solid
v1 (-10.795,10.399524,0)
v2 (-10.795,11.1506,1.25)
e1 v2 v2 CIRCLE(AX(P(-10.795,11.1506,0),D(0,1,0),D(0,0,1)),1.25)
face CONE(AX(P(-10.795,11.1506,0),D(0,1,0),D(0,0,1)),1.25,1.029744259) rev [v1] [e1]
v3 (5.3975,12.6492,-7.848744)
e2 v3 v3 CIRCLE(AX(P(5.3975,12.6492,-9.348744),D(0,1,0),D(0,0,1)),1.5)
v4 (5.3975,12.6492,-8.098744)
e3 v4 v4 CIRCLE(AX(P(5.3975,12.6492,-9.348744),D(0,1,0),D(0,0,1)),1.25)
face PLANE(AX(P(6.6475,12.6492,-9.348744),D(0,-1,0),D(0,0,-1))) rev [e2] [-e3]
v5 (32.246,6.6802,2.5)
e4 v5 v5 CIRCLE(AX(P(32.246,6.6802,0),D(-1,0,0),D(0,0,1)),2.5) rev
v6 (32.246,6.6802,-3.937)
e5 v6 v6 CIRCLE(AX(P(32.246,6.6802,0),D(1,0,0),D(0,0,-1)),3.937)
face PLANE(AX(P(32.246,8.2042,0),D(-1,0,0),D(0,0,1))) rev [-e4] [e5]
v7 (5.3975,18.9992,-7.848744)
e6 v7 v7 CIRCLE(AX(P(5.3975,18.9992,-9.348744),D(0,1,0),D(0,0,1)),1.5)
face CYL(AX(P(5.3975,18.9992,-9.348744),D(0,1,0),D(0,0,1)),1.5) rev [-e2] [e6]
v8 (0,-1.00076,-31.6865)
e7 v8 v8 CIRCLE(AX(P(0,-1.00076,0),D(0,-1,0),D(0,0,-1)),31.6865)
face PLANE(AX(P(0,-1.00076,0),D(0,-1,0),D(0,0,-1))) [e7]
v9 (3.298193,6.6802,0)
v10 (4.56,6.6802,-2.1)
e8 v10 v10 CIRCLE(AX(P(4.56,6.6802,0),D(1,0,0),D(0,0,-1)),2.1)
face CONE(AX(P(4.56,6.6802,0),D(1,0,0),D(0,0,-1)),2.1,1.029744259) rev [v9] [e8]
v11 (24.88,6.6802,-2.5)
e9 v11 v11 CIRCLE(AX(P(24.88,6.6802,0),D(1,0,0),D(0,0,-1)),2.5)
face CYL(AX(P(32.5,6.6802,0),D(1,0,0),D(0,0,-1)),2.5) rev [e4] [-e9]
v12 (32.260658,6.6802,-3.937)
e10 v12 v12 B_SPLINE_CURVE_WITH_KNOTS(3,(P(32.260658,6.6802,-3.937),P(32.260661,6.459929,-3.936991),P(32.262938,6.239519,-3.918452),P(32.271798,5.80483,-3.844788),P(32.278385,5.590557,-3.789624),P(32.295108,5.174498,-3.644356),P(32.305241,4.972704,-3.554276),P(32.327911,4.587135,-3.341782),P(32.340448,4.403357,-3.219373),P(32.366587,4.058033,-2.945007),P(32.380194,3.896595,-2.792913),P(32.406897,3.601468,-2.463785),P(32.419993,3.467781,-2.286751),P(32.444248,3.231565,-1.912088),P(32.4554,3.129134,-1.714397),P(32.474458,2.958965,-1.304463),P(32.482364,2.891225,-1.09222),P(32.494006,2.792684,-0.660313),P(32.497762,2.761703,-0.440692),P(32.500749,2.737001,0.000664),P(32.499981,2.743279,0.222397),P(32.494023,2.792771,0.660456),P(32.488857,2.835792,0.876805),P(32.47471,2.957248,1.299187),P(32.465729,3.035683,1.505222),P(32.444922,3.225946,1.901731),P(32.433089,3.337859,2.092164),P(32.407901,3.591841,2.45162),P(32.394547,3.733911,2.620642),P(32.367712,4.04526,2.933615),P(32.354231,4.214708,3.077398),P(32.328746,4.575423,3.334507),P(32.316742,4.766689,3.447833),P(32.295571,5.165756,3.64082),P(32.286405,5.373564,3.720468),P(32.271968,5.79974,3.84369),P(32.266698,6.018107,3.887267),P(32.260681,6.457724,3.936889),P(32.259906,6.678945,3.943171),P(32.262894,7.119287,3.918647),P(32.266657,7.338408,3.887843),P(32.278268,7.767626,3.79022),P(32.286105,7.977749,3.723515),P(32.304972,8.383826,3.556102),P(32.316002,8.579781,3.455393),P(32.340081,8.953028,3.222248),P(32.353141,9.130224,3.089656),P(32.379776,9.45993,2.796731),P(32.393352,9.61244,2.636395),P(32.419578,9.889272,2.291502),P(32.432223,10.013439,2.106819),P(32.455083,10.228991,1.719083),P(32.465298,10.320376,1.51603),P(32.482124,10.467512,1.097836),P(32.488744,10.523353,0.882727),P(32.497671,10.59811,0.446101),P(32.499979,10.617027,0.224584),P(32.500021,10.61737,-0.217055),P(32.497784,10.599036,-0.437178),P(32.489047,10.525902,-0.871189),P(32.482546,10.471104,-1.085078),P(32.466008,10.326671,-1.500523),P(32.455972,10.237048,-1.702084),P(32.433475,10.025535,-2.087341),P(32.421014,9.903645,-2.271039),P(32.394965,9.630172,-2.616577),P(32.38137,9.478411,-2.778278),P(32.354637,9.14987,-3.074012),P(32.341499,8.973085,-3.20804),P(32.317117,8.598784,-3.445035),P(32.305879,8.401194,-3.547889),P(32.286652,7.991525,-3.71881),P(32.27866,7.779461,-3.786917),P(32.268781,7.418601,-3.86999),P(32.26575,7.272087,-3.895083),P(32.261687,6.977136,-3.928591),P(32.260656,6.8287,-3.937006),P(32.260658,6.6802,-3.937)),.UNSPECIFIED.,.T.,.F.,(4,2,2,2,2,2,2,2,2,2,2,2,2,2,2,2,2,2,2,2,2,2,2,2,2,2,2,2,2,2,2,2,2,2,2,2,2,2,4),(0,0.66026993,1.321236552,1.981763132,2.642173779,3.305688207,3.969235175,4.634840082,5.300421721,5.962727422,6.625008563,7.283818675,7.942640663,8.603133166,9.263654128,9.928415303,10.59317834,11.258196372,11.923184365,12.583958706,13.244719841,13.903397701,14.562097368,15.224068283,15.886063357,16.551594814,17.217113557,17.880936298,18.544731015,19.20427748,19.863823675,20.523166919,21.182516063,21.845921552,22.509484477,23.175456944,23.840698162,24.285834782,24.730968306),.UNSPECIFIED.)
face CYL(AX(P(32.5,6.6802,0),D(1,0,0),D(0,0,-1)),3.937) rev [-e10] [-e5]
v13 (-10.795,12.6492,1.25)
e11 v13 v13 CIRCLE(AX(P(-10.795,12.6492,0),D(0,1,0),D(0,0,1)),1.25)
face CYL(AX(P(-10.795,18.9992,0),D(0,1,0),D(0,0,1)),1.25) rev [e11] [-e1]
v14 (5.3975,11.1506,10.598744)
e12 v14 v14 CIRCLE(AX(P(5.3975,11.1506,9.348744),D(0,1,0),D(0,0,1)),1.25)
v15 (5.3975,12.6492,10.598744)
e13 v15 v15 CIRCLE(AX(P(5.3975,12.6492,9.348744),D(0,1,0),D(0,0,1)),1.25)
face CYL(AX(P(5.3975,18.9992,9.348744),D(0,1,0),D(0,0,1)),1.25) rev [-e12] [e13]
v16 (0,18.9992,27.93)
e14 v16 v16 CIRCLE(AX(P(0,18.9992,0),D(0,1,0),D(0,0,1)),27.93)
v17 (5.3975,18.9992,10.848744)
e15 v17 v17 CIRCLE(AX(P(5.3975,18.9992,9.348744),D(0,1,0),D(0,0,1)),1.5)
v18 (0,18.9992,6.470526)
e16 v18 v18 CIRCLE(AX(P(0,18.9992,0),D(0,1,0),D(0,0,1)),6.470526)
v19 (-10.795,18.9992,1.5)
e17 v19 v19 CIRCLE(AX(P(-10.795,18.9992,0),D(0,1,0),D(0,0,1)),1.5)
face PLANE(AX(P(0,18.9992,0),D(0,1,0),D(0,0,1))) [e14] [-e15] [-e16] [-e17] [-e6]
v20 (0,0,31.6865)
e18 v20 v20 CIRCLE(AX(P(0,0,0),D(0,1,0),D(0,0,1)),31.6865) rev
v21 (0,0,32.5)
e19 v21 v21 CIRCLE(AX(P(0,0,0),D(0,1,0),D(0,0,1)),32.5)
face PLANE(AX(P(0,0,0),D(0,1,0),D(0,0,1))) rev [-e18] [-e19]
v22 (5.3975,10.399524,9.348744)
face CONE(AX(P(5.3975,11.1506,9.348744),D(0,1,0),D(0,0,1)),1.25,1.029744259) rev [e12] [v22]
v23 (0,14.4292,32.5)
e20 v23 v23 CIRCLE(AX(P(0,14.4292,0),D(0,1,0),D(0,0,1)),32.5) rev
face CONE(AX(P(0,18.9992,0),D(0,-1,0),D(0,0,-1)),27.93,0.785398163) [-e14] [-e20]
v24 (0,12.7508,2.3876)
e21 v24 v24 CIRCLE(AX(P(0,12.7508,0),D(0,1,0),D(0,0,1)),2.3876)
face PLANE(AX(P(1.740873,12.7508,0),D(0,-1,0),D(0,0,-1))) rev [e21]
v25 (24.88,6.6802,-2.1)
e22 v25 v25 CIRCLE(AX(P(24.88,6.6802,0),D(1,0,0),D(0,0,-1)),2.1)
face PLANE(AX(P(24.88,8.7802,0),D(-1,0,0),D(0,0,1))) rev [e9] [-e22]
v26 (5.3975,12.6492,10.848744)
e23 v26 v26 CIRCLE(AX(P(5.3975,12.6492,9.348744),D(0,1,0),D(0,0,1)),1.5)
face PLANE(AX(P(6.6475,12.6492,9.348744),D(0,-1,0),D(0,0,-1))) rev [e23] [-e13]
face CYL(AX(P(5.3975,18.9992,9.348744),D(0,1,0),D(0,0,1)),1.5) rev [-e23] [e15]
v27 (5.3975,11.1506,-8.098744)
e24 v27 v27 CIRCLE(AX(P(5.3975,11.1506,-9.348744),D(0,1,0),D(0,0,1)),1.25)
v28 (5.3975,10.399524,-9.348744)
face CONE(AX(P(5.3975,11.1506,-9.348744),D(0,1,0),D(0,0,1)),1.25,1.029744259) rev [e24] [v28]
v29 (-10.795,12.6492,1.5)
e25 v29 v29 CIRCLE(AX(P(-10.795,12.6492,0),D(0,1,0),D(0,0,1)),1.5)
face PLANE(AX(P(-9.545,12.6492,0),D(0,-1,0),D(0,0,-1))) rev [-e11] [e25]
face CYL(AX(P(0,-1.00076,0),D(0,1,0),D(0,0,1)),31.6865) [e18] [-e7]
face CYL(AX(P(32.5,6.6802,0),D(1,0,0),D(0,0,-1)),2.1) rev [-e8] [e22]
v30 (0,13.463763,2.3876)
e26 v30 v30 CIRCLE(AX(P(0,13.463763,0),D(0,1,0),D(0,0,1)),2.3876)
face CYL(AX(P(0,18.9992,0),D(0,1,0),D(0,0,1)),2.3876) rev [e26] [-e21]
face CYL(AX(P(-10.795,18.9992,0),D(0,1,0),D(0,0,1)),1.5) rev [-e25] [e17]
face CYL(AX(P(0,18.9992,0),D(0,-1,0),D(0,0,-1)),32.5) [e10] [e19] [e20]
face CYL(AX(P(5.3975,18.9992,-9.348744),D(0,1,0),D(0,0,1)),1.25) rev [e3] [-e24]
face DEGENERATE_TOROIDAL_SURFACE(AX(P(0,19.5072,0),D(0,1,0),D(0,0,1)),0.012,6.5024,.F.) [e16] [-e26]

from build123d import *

# Parameters (mm, degrees)
SKETCH1_R                       = 32.5
EXTRUDE1_DEPTH                  = 18.9992
CHAMFER1_SIZE                   = 4.57
M3X0_5_TAPPED_HOLE3_D           = 2.5
M3X0_5_TAPPED_HOLE3_DEPTH       = 7.8486
M3X0_5_TAPPED_HOLE3_CBORE_D     = 3
M3X0_5_TAPPED_HOLE3_CBORE_DEPTH = 6.35
M3X0_5_TAPPED_HOLE3_TIP         = 0.751075774
M5X0_8_TAPPED_HOLE1_D           = 4.2
M5X0_8_TAPPED_HOLE1_DEPTH       = 27.94
M5X0_8_TAPPED_HOLE1_CBORE_D     = 5
M5X0_8_TAPPED_HOLE1_CBORE_DEPTH = 7.62
M5X0_8_TAPPED_HOLE1_TIP         = 1.2618073
HOLE1_D                         = 3.048
HOLE1_DEPTH                     = 6.35
HOLE1_CBORE_D                   = 7.874
HOLE1_CBORE_DEPTH               = 0.254
HOLE1_TIP                       = 0.915711583
SKETCH2_R                       = 31.6865
EXTRUDE2_DEPTH                  = 1.00076


with BuildPart() as part:
    # Sketch1 → Extrude1 (new body)
    with BuildSketch(Plane(origin=(0, 0, 0), x_dir=(1, 0, 0), z_dir=(0, 1, 0))):
        with Locations(Location((0, 0, 0), (0, 0, 270))):  # turned: the seam where the file's is
            Circle(SKETCH1_R)
    extrude(amount=EXTRUDE1_DEPTH)

    # Sketch3 → Cut-Revolve1 (revolve, cut)
    with BuildSketch(Plane.XY, mode=Mode.PRIVATE) as cut_revolve1_sk:
        with BuildLine():
            Line((2.3876, 13.463763428), (2.3876, 12.7508))
            Line((2.3876, 12.7508), (0, 12.7508))
            Line((0, 12.7508), (0, 18.9992))
            Line((0, 18.9992), (6.470525878, 18.9992))
            ThreePointArc((6.470525878, 18.9992), (5.220905936, 15.647420055), (2.3876, 13.463763428))
        make_face()
    revolve(cut_revolve1_sk.sketch.rotate(Axis((0, 18.9992, 0), (0, -1, 0)), 90), axis=Axis((0, 18.9992, 0), (0, -1, 0)), mode=Mode.SUBTRACT)  # turned: the seam where the file's is

    # Chamfer1
    chamfer1_edges = [part.edges().sort_by_distance(p)[0] for p in [
        (0, 18.9992, -32.5),
    ]]
    chamfer(chamfer1_edges, length=CHAMFER1_SIZE)

    # M3x0.5 Tapped Hole3
    with Locations(Plane(origin=(0, 18.9992, 0), x_dir=(-1, 0, 0), z_dir=(0, 1, 0))):
        with Locations((-5.3975, -9.348744234), (10.795, 0), (-5.3975, 9.348744234)):
            CounterBoreHole(M3X0_5_TAPPED_HOLE3_D / 2, M3X0_5_TAPPED_HOLE3_CBORE_D / 2, M3X0_5_TAPPED_HOLE3_CBORE_DEPTH, depth=M3X0_5_TAPPED_HOLE3_DEPTH)
            with Locations((0, 0, -(M3X0_5_TAPPED_HOLE3_DEPTH + M3X0_5_TAPPED_HOLE3_TIP / 2))):  # 118° drill point
                Cone(0, M3X0_5_TAPPED_HOLE3_D / 2, M3X0_5_TAPPED_HOLE3_TIP, mode=Mode.SUBTRACT)

    # M5x0.8 Tapped Hole1
    with Locations(Plane(origin=(32.5, 6.6802, 0), x_dir=(0, 0, 1), z_dir=(1, 0, 0))):
        with Locations((0, 0)):
            CounterBoreHole(M5X0_8_TAPPED_HOLE1_D / 2, M5X0_8_TAPPED_HOLE1_CBORE_D / 2, M5X0_8_TAPPED_HOLE1_CBORE_DEPTH, depth=M5X0_8_TAPPED_HOLE1_DEPTH)
            with Locations((0, 0, -(M5X0_8_TAPPED_HOLE1_DEPTH + M5X0_8_TAPPED_HOLE1_TIP / 2))):  # 118° drill point
                Cone(0, M5X0_8_TAPPED_HOLE1_D / 2, M5X0_8_TAPPED_HOLE1_TIP, mode=Mode.SUBTRACT)

    # Hole1
    with Locations(Plane(origin=(32.5, 6.6802, 0), x_dir=(0, 0, 1), z_dir=(1, 0, 0))):
        with Locations((0, 0)):
            CounterBoreHole(HOLE1_D / 2, HOLE1_CBORE_D / 2, HOLE1_CBORE_DEPTH, depth=HOLE1_DEPTH)
            with Locations((0, 0, -(HOLE1_DEPTH + HOLE1_TIP / 2))):  # 118° drill point
                Cone(0, HOLE1_D / 2, HOLE1_TIP, mode=Mode.SUBTRACT)

    # Sketch2 → Extrude2 (add)
    with BuildSketch(Plane.XZ):
        with Locations(Location((0, 0, 0), (0, 0, 90))):  # turned: the seam where the file's is
            Circle(SKETCH2_R)
    extrude(amount=EXTRUDE2_DEPTH)


solid = part.part
